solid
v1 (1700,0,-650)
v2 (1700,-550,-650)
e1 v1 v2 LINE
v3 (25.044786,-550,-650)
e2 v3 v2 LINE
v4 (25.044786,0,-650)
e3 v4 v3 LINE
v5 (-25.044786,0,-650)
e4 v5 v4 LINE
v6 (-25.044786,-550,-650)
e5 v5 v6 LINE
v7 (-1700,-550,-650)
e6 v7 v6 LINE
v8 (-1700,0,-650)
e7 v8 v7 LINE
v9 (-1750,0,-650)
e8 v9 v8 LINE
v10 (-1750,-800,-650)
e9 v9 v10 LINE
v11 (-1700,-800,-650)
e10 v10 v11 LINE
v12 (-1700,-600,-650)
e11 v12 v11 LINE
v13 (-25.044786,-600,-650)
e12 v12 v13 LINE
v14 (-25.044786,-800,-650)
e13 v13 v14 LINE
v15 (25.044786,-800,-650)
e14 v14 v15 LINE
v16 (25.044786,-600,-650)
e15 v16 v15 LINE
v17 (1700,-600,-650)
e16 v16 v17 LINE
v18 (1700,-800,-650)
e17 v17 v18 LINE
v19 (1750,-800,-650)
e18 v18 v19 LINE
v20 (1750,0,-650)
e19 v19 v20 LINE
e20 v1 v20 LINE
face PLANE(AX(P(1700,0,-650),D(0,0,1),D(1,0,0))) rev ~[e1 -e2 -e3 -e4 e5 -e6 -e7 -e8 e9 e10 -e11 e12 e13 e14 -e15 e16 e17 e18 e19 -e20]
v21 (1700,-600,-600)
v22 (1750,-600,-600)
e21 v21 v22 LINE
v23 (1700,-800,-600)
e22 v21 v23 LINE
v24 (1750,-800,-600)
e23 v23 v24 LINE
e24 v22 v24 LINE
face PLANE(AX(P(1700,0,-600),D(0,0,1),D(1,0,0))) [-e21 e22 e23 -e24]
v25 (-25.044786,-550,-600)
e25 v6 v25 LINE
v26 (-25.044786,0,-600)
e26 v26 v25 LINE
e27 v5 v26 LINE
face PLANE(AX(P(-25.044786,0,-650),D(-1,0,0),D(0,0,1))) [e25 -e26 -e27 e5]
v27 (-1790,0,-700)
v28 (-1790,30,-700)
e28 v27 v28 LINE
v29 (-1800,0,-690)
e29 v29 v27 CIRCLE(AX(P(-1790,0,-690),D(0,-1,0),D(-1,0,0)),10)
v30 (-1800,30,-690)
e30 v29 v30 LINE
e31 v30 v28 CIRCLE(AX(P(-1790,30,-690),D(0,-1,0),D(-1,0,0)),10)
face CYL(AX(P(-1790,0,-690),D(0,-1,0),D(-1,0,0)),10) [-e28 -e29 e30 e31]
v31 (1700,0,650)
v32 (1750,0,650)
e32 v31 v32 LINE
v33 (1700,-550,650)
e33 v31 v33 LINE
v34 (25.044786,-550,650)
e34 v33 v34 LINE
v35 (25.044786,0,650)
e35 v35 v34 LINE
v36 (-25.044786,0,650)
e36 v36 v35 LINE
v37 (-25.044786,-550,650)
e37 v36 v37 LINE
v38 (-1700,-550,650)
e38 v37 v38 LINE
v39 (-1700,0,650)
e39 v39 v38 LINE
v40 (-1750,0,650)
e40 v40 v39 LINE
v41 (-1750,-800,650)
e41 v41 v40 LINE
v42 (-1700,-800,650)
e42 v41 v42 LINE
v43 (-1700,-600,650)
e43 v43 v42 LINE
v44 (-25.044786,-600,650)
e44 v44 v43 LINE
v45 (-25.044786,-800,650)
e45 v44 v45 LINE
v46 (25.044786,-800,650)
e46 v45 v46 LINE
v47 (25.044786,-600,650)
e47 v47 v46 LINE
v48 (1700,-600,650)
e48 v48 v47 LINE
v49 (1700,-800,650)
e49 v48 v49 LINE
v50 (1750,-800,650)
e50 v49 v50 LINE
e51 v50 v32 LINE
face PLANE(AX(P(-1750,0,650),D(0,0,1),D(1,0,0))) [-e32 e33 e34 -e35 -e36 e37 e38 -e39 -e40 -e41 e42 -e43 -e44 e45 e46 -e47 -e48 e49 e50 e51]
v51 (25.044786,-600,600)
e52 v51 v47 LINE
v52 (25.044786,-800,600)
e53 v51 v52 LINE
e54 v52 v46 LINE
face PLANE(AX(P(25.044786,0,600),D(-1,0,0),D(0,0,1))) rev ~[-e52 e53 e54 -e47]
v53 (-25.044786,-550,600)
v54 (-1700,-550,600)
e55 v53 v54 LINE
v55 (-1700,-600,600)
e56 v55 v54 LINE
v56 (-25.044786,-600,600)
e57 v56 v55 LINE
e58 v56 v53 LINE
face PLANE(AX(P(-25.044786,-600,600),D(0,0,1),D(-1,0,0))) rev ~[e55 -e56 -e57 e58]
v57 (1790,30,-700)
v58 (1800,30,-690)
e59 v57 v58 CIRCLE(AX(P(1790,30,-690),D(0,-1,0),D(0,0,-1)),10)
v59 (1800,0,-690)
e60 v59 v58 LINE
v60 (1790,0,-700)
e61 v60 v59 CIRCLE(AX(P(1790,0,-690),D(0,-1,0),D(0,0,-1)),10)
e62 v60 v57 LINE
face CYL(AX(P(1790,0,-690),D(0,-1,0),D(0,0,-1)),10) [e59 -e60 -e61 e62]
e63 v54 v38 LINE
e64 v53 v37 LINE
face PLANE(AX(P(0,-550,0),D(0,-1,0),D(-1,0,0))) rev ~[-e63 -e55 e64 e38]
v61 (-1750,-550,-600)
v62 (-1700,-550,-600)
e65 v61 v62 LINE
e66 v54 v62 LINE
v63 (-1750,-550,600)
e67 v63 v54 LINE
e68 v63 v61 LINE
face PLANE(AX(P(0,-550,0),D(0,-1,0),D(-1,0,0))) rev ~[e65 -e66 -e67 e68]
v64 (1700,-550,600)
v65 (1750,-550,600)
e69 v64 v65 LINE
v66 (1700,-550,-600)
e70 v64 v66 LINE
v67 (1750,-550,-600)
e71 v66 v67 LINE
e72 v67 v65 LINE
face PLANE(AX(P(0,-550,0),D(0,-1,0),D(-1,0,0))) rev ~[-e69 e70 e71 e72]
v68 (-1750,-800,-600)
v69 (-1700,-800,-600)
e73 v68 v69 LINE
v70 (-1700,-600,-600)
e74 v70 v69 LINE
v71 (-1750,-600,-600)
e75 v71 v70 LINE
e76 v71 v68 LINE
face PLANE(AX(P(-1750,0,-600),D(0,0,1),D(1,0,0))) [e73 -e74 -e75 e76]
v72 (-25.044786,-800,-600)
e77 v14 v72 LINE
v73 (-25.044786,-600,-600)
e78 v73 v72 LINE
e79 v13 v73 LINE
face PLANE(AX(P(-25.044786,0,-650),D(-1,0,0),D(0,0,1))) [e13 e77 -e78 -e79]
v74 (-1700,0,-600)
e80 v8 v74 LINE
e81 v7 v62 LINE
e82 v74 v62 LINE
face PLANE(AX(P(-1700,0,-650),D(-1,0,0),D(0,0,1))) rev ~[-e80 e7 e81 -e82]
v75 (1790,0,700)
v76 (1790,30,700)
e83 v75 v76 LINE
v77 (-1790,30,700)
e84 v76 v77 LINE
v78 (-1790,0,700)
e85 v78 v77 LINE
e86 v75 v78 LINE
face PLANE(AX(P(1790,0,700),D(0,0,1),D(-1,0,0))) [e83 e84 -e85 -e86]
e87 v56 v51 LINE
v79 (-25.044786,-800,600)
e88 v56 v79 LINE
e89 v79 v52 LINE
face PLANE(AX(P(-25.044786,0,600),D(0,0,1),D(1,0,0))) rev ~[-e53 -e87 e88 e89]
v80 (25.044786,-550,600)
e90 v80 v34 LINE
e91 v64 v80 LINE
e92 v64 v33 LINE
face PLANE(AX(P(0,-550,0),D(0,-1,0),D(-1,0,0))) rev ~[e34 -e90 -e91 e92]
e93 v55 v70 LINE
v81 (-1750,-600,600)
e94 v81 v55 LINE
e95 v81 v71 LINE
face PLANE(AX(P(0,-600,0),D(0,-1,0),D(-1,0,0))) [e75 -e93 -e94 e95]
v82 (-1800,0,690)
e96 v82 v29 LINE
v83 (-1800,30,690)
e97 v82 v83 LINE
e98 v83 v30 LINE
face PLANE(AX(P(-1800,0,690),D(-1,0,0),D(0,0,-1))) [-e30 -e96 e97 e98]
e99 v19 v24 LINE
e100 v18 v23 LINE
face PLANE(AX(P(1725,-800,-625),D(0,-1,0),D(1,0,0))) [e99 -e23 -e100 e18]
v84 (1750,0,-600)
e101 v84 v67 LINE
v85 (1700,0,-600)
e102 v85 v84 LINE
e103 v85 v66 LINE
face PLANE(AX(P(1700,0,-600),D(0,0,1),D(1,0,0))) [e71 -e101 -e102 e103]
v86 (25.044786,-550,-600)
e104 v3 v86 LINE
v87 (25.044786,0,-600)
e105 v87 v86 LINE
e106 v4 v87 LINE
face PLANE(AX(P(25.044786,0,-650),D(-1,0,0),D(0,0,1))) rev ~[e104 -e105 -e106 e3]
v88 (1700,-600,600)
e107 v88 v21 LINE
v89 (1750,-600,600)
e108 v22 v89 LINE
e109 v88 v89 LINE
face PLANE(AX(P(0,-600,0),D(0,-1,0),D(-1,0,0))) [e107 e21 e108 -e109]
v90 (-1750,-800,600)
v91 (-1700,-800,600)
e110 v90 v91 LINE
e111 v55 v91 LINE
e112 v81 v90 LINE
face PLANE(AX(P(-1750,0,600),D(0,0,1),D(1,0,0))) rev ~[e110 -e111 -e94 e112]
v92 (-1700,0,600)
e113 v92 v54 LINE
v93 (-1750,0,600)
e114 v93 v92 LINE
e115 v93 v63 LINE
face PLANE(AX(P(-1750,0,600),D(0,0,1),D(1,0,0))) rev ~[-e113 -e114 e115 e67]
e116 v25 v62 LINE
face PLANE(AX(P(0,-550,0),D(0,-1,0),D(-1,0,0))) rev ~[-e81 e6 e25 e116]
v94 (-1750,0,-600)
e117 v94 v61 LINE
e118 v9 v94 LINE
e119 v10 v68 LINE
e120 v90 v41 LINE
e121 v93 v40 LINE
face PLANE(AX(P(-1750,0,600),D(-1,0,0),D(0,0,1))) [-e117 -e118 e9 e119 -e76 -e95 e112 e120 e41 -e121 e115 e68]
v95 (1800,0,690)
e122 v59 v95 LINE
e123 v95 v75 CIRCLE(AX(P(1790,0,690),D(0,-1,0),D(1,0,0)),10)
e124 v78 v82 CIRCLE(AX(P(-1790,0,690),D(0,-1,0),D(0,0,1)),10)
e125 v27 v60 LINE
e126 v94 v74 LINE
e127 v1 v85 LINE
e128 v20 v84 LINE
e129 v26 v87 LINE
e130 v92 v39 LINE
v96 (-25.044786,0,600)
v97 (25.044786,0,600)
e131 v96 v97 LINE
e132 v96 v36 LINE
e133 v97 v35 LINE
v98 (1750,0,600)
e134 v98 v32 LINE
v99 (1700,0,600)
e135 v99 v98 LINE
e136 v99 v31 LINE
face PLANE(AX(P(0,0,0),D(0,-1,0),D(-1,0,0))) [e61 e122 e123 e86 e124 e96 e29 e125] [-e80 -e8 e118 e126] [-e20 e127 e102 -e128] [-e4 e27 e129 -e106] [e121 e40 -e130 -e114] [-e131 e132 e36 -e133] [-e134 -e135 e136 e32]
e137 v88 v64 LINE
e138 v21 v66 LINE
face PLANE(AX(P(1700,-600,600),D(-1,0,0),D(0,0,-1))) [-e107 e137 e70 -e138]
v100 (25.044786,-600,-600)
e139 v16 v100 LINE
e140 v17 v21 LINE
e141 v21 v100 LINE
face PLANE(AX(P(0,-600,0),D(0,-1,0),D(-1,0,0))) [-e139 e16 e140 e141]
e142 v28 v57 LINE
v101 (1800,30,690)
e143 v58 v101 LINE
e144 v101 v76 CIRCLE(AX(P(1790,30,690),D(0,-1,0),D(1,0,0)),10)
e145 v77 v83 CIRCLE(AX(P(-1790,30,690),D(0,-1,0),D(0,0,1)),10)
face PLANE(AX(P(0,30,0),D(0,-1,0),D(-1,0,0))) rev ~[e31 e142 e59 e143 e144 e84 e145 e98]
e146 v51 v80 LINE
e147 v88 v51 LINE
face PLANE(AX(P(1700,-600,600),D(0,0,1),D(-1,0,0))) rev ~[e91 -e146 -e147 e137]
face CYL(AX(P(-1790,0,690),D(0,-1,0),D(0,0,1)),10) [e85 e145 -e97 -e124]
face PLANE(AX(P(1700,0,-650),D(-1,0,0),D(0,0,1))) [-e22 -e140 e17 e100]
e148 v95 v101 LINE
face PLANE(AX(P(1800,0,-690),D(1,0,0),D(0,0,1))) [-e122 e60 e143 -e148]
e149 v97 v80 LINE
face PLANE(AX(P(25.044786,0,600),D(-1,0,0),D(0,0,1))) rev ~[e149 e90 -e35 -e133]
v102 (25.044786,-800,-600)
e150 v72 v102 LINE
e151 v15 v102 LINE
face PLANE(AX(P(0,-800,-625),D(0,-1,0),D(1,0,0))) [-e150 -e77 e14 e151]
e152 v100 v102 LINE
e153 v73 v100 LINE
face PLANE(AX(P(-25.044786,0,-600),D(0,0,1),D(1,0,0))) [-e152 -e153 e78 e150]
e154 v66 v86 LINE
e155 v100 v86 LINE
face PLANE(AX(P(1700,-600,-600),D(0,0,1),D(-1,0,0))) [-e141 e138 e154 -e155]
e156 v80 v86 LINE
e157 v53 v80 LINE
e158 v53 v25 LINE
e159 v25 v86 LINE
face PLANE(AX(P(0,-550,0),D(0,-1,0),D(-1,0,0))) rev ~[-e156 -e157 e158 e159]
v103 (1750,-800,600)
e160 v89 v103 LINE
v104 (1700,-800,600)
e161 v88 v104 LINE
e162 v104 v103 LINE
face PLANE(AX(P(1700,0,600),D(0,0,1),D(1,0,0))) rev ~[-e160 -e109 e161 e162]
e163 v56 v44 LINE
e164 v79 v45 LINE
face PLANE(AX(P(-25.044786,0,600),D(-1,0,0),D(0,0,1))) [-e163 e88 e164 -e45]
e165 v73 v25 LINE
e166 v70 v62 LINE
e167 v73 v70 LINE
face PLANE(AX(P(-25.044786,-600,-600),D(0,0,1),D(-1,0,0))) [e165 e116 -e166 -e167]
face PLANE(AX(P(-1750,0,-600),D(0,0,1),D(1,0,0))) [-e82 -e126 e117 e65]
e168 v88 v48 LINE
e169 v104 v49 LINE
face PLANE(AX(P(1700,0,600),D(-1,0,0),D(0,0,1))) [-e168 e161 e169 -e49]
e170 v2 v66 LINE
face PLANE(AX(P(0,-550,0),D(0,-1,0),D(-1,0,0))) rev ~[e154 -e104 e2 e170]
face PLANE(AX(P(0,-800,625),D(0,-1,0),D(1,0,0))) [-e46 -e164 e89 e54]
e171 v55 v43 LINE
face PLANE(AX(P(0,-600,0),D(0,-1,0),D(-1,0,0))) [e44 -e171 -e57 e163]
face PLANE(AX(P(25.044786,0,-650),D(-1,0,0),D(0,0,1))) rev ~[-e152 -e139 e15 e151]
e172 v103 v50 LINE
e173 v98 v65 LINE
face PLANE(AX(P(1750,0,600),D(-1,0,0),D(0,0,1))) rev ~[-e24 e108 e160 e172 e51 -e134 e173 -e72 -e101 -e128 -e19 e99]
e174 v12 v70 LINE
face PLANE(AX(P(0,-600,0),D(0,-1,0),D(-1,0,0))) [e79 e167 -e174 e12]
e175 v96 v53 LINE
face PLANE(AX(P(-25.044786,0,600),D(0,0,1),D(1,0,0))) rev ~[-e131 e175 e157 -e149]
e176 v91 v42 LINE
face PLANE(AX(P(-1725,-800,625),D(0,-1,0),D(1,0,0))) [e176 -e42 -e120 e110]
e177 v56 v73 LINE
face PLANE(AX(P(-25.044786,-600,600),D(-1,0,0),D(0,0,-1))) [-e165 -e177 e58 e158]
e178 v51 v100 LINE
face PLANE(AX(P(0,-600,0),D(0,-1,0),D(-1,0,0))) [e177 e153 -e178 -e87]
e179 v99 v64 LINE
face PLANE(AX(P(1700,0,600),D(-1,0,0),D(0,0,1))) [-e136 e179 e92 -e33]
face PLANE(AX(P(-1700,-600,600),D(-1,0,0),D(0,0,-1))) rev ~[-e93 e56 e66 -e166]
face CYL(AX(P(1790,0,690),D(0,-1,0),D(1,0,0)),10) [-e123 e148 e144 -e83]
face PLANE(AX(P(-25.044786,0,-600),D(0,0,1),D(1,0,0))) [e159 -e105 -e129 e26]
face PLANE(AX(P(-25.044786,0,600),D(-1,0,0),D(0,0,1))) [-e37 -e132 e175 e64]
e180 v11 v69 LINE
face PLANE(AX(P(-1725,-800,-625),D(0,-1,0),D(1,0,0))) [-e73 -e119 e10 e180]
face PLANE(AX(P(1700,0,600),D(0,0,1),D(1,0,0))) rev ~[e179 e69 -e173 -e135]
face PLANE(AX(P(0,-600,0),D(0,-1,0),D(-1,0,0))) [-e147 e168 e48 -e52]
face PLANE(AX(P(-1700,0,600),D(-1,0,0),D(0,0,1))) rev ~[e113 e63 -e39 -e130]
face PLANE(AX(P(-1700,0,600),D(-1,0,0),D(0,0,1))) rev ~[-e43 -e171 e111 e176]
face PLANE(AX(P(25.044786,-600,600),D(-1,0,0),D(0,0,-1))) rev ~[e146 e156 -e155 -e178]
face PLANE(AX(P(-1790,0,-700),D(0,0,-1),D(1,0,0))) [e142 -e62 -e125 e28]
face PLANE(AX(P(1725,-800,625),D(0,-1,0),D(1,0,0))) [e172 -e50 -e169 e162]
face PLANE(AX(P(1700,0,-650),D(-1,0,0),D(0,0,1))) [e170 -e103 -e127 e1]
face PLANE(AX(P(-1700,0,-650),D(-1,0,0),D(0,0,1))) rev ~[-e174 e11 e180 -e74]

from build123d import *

# Parameters (mm, degrees)
Y_KSEKLIK_EKSTR_ZYON1_DEPTH = 30
IZIM2_W                     = 50
IZIM2_H                     = 50
IZIM2_W_2                   = 50.08957129
Y_KSEKLIK_EKSTR_ZYON2_DEPTH = 800
IZIM3_W                     = 1674.955214355
IZIM3_H                     = 1200
Y_KSEKLIK_EKSTR_ZYON3_DEPTH = 50


with BuildPart() as part:
    # Çizim1 → Yükseklik-Ekstrüzyon1 (new body)
    with BuildSketch(Plane(origin=(0, 0, 0), x_dir=(1, 0, 0), z_dir=(0, 1, 0))):
        with BuildLine():
            Line((1790, -700), (-1790, -700))
            ThreePointArc((-1790, -700), (-1797.071067812, -697.071067812), (-1800, -690))
            Line((-1800, -690), (-1800, 690))
            ThreePointArc((-1800, 690), (-1797.071067812, 697.071067812), (-1790, 700))
            Line((-1790, 700), (1790, 700))
            ThreePointArc((1790, 700), (1797.071067812, 697.071067812), (1800, 690))
            Line((1800, 690), (1800, -690))
            ThreePointArc((1800, -690), (1797.071067812, -697.071067812), (1790, -700))
        make_face()
    extrude(amount=Y_KSEKLIK_EKSTR_ZYON1_DEPTH)

    # Çizim2 → Yükseklik-Ekstrüzyon2 (add)
    with BuildSketch(Plane.XZ):
        with Locations((-1725, 625)):
            Rectangle(IZIM2_W, IZIM2_H)
        with Locations((-1725, -625)):
            Rectangle(IZIM2_W, IZIM2_H)
        with Locations((1725, -625)):
            Rectangle(IZIM2_W, IZIM2_H)
        with Locations((1725, 625)):
            Rectangle(IZIM2_W, IZIM2_H)
        with Locations((0, -625)):
            Rectangle(IZIM2_W_2, IZIM2_H)
        with Locations((0, 625)):
            Rectangle(IZIM2_W_2, IZIM2_H)
    extrude(amount=Y_KSEKLIK_EKSTR_ZYON2_DEPTH)

    # Çizim3 → Yükseklik-Ekstrüzyon3 (add)
    with BuildSketch(Plane(origin=(0, -600, 0), x_dir=(-1, 0, 0), z_dir=(0, -1, 0))):
        Polygon((-25.044785645, -650), (25.044785645, -650), (1700, -650), (1750, -650), (1750, 650), (1700, 650), (25.044785645, 650), (-25.044785645, 650), (-1700, 650), (-1750, 650), (-1750, -650), (-1700, -650), align=None)
        with Locations((-862.522392823, 0)):
            Rectangle(IZIM3_W, IZIM3_H, mode=Mode.SUBTRACT)
        with Locations((862.522392823, 0)):
            Rectangle(IZIM3_W, IZIM3_H, mode=Mode.SUBTRACT)
    extrude(amount=-Y_KSEKLIK_EKSTR_ZYON3_DEPTH)


solid = part.part
